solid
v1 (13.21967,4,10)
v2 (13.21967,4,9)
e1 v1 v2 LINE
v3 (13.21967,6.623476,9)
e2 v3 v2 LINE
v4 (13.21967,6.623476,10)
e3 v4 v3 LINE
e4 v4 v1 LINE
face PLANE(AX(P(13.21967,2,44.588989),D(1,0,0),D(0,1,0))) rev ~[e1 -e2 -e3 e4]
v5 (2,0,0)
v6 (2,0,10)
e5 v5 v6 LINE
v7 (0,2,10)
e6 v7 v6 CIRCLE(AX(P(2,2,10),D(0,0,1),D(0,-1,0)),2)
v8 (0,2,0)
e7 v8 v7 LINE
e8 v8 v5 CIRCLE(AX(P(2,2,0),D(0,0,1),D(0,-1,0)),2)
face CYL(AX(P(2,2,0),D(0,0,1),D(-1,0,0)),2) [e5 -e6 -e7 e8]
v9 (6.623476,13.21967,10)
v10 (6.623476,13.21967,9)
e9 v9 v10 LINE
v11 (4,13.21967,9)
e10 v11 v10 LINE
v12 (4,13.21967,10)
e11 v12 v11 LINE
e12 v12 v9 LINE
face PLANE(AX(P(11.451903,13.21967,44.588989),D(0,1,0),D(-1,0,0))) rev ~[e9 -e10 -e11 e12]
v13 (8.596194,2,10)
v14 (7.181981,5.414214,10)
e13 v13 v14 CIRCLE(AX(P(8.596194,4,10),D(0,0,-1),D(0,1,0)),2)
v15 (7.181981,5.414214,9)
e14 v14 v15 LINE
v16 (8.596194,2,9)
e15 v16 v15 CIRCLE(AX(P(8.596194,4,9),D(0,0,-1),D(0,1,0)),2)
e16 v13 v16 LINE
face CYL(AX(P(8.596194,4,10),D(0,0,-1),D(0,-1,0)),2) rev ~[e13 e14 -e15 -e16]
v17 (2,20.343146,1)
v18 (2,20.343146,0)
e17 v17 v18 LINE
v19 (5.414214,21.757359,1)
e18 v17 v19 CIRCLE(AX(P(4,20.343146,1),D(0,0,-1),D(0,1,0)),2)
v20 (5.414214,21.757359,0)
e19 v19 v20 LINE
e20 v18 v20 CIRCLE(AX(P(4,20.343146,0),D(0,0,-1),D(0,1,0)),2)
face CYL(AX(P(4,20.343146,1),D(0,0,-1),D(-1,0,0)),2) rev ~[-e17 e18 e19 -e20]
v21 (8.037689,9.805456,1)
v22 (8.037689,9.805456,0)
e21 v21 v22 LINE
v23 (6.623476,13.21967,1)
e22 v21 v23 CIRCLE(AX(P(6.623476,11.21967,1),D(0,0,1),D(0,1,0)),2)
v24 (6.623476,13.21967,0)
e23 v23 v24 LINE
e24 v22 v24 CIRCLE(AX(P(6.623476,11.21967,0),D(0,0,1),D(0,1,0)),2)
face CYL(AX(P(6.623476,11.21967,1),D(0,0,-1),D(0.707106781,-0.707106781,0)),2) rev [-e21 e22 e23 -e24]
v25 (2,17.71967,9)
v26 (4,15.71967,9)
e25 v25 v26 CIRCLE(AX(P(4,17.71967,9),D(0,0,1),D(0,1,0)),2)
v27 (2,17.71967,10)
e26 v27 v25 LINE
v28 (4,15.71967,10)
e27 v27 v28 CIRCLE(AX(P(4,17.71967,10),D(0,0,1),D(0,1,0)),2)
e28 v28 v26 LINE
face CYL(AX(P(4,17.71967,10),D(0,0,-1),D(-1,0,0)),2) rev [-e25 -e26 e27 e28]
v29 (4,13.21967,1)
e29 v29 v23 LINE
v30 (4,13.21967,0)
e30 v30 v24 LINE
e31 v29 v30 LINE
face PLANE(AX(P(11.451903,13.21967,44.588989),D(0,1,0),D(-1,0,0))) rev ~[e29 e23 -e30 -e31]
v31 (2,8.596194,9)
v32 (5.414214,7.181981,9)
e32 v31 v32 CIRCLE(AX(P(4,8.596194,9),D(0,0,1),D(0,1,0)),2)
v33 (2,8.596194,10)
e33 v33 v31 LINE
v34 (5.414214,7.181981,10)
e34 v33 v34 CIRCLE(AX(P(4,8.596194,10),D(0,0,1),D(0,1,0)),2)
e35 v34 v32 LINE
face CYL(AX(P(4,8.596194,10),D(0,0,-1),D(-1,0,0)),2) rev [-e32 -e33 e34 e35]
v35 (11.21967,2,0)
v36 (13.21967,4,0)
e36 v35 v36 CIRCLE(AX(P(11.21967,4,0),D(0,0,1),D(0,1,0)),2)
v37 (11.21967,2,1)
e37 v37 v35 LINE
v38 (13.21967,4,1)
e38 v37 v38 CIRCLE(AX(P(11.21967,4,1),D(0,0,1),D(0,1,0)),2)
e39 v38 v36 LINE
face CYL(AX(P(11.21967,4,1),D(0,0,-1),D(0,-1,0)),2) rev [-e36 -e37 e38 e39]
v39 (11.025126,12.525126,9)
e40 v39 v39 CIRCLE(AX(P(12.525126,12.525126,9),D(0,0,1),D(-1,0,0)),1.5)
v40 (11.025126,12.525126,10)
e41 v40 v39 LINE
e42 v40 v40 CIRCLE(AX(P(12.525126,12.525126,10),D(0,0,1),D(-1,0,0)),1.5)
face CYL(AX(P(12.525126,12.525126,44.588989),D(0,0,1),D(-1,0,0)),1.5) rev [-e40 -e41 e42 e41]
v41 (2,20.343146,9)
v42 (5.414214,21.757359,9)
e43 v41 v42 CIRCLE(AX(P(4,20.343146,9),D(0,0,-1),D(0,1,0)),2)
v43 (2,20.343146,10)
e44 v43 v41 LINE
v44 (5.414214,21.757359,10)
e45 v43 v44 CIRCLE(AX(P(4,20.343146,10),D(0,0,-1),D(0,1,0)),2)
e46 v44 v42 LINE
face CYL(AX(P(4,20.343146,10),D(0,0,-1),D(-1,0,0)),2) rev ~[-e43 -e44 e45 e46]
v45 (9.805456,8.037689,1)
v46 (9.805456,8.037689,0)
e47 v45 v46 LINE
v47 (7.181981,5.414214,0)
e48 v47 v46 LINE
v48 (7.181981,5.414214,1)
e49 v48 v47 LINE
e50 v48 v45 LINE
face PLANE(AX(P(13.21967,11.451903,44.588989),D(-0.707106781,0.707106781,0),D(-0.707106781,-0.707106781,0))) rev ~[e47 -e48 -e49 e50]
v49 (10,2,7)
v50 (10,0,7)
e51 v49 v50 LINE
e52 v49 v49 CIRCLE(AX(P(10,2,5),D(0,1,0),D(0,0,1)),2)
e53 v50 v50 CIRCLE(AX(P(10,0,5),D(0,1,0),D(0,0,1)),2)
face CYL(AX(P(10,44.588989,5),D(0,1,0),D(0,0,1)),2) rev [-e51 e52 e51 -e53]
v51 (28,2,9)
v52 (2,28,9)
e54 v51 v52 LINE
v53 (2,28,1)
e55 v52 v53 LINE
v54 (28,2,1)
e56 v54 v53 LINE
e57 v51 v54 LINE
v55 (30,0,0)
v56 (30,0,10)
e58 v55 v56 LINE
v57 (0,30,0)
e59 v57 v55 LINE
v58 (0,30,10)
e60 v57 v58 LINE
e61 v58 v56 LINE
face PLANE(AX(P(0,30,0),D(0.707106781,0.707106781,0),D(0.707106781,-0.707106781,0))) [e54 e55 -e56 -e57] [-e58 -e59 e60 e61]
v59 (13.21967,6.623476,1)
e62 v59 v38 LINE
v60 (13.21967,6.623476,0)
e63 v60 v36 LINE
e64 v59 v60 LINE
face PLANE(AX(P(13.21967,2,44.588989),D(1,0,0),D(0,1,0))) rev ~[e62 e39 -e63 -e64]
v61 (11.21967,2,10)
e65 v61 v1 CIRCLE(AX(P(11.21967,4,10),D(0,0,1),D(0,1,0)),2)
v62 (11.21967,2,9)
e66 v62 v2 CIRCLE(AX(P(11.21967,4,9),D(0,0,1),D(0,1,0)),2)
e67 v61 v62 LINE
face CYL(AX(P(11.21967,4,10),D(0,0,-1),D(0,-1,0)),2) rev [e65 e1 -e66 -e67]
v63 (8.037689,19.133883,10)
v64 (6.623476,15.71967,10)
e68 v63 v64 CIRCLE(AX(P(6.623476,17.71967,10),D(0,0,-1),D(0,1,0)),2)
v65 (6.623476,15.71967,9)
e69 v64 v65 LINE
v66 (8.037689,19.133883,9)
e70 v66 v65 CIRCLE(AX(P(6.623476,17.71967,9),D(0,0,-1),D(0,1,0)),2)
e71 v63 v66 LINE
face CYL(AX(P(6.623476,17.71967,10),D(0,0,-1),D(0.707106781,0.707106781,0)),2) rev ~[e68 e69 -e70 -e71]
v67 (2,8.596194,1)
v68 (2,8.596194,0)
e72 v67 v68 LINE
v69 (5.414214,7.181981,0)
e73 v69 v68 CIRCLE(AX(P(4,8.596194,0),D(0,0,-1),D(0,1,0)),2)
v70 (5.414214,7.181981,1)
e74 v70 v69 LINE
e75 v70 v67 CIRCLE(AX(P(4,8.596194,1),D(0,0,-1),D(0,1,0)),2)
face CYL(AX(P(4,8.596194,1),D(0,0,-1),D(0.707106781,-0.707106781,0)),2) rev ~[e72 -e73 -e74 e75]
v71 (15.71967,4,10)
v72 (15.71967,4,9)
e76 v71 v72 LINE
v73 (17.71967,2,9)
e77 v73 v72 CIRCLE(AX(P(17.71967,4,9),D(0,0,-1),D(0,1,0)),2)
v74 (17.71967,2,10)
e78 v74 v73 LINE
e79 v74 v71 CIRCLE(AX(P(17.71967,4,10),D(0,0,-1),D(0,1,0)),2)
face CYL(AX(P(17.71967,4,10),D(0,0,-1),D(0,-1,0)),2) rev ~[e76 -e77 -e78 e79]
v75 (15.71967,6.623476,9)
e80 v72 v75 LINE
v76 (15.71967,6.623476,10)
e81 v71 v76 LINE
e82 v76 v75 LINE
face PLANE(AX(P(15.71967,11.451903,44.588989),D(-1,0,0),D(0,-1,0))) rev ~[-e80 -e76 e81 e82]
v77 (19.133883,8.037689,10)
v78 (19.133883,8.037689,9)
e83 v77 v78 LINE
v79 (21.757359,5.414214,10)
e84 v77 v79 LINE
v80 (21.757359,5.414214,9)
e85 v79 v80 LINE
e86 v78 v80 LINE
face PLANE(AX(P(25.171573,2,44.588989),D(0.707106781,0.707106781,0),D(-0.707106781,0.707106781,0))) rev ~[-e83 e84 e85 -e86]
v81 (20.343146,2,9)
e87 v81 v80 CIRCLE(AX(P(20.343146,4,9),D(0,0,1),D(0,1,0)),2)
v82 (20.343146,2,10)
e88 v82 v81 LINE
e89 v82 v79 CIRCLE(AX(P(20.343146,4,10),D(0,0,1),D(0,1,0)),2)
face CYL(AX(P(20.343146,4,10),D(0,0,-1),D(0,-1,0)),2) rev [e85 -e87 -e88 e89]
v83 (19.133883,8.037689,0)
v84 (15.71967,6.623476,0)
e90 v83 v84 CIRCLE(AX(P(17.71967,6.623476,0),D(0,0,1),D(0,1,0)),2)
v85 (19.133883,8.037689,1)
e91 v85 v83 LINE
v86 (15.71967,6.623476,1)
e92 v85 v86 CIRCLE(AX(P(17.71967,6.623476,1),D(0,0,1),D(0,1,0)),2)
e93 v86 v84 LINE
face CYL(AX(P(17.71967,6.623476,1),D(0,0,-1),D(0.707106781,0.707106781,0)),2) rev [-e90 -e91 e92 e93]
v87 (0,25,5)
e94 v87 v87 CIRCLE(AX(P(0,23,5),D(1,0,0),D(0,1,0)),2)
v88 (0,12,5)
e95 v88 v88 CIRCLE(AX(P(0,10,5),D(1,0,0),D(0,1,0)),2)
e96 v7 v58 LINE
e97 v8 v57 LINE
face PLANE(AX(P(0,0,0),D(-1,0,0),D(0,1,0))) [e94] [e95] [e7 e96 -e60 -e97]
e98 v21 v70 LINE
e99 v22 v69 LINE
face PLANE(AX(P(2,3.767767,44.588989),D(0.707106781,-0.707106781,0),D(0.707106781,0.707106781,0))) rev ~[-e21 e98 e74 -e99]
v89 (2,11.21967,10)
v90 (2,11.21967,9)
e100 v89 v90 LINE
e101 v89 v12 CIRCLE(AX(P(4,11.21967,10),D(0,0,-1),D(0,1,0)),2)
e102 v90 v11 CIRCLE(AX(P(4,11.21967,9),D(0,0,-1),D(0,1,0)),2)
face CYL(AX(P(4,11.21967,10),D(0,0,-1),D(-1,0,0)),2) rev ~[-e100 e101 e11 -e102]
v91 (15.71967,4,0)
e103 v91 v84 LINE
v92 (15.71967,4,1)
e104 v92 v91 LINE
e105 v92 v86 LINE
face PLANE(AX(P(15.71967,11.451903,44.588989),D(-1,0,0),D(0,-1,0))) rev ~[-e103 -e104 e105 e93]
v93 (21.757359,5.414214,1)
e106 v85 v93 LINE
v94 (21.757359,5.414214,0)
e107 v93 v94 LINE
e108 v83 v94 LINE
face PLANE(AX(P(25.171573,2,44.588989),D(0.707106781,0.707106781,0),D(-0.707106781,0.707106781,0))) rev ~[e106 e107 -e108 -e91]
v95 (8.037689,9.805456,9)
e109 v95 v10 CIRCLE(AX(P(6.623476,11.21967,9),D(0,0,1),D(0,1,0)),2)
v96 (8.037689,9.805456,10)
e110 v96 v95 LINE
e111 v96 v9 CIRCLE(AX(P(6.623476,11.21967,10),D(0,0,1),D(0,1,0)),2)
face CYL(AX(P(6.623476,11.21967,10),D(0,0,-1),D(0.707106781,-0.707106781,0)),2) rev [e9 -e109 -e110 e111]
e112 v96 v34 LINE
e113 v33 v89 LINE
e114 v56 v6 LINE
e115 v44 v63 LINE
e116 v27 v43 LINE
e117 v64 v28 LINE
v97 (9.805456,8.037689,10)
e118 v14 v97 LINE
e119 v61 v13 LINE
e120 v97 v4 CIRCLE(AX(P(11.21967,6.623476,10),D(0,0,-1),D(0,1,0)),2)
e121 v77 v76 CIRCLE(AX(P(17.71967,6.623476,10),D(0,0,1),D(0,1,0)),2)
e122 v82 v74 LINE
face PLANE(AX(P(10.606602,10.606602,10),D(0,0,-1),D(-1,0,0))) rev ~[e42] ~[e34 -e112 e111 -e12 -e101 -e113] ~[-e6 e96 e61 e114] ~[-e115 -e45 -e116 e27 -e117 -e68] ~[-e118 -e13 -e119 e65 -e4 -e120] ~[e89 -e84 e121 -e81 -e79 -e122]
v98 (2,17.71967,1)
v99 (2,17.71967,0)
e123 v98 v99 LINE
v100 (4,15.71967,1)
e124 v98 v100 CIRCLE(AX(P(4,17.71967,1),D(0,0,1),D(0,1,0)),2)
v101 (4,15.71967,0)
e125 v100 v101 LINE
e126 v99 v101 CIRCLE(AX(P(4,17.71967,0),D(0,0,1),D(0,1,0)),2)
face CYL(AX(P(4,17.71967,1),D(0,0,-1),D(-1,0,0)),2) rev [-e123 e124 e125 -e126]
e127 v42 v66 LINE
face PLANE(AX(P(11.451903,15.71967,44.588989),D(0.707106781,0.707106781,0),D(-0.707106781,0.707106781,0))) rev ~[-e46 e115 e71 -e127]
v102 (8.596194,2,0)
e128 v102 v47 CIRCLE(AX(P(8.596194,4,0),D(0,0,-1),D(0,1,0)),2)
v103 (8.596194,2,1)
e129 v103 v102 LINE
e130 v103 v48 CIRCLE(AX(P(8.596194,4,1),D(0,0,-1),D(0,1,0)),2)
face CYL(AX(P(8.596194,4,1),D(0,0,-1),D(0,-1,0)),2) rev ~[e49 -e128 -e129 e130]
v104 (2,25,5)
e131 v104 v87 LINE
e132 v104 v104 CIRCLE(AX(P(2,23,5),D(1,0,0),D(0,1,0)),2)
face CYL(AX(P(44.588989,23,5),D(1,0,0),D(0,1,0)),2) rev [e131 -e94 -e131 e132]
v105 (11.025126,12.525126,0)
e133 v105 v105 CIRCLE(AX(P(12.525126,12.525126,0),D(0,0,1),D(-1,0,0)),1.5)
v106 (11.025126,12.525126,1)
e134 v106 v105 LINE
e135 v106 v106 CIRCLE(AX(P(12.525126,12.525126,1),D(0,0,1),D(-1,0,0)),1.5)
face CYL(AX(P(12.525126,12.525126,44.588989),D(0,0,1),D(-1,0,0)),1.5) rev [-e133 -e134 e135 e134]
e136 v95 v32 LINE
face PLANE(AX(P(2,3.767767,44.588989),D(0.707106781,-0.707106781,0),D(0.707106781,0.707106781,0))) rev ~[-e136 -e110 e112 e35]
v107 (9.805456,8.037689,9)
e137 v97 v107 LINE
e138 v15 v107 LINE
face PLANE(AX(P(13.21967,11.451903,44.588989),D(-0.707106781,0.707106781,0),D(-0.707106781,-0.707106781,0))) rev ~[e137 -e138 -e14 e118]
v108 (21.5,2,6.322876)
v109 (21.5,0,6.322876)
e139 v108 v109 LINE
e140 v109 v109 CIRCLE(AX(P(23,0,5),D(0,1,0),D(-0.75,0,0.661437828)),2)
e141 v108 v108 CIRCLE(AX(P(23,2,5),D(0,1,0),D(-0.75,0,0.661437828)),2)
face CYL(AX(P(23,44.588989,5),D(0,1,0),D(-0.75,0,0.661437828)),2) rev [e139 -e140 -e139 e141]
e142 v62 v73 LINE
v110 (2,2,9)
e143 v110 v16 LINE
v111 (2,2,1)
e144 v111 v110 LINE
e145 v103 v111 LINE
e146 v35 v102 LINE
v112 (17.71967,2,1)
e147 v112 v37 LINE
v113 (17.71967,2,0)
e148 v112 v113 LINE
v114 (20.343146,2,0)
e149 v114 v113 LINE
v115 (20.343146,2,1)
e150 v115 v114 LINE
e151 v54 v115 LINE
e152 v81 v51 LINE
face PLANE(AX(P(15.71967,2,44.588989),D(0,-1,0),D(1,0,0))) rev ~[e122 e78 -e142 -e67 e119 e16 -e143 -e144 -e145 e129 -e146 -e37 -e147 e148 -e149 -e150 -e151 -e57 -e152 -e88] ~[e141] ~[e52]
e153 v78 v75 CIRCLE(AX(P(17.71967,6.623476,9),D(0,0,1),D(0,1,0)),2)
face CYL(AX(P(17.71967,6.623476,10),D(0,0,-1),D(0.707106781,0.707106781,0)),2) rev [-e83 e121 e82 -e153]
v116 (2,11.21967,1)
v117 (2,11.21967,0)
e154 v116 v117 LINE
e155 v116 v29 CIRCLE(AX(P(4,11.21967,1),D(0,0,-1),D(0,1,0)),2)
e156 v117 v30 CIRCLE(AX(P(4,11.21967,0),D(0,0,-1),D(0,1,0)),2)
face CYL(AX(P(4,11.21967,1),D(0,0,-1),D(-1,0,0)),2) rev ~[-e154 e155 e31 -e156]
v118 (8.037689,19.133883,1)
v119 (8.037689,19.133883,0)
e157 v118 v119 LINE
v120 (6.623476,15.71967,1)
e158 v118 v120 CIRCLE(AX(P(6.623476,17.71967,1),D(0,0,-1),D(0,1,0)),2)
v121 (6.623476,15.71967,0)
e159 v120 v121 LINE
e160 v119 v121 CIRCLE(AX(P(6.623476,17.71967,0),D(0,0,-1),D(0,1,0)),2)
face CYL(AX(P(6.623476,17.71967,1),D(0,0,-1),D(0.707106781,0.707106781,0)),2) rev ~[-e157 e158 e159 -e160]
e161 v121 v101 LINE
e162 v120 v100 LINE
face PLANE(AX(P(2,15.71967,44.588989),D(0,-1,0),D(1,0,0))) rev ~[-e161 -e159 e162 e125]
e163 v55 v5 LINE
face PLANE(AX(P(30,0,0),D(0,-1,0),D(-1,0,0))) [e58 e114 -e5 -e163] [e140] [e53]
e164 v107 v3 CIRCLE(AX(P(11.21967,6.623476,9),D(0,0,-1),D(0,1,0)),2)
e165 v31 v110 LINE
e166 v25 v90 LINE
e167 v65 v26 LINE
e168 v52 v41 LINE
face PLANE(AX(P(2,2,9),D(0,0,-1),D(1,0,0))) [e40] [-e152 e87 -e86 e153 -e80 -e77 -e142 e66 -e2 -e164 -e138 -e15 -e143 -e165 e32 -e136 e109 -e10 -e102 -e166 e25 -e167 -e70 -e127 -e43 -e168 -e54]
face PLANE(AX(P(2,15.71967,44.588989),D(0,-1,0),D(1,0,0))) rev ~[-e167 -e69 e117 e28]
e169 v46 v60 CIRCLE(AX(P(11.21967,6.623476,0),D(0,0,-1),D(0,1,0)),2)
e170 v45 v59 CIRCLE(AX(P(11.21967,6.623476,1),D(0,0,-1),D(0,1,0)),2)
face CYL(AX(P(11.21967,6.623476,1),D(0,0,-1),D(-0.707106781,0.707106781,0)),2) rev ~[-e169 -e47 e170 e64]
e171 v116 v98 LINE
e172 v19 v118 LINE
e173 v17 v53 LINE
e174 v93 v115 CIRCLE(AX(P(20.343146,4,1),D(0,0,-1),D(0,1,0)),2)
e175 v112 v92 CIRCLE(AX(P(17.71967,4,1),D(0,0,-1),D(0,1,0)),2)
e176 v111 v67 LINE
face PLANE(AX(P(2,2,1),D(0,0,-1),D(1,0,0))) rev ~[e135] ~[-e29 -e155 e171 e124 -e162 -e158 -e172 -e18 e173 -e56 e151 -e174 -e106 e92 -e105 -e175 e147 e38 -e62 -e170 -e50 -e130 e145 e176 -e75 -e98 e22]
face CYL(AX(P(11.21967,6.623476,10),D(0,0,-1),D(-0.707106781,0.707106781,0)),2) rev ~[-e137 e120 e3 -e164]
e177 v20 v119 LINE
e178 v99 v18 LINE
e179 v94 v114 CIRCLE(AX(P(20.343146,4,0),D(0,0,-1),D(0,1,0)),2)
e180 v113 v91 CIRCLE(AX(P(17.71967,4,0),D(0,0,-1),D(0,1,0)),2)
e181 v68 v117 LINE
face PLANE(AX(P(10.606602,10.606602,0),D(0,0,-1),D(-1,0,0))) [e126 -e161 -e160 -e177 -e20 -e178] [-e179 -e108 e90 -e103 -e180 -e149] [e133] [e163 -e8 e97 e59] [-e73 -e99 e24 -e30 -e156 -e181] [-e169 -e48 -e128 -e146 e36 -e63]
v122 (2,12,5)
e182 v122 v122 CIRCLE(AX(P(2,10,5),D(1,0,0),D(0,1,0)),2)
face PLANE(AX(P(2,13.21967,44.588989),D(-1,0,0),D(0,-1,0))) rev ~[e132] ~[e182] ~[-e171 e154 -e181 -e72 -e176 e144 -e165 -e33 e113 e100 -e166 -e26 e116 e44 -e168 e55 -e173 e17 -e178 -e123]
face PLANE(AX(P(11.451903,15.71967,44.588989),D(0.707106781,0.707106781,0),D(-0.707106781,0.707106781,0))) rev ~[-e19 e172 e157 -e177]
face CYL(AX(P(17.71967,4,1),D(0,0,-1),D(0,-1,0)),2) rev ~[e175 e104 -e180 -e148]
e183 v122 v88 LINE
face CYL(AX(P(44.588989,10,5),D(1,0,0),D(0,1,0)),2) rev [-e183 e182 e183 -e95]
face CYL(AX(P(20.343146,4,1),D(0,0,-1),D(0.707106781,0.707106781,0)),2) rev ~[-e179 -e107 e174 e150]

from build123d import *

# Parameters (mm, degrees)
BOSS_EXTRUDE1_DEPTH     = 10
CUT_EXTRUDE1_DEPTH      = 44.588989435
CUT_EXTRUDE1_DEPTH_BACK = 44.588989435
SKETCH2_R               = 2
CUT_EXTRUDE2_DEPTH      = 44.588989435
CUT_EXTRUDE2_DEPTH_BACK = 44.588989435
SKETCH3_R               = 2
CUT_EXTRUDE3_START      = -2
SKETCH4_W               = 27
SKETCH4_H               = 8
CUT_EXTRUDE3_DEPTH      = 42.588989435
CUT_EXTRUDE5_DEPTH      = 44.588989435
CUT_EXTRUDE5_DEPTH_BACK = 44.588989435
FILLET1_R               = 2
CUT_EXTRUDE6_DEPTH      = 44.588989435
CUT_EXTRUDE6_DEPTH_BACK = 44.588989435
SKETCH7_R               = 1.5


with BuildPart() as part:
    # Sketch1 → Boss-Extrude1 (new body)
    with BuildSketch(Plane.XY):
        Polygon((0, 0), (0, 30), (30, 0), align=None)
    extrude(amount=BOSS_EXTRUDE1_DEPTH)

    # Sketch2 → Cut-Extrude1 (cut, two sides: drawn at the far end of the back side and taken through both)
    with BuildSketch(Plane.ZY.offset(-CUT_EXTRUDE1_DEPTH_BACK)):
        with Locations(Location((5, 23, 0), (0, 0, 90))):
            Circle(SKETCH2_R)
        with Locations(Location((5, 10, 0), (0, 0, 90))):
            Circle(SKETCH2_R)
    extrude(amount=CUT_EXTRUDE1_DEPTH + CUT_EXTRUDE1_DEPTH_BACK, mode=Mode.SUBTRACT)

    # Sketch3 → Cut-Extrude2 (cut, two sides: drawn at the far end of the back side and taken through both)
    with BuildSketch(Plane.XZ.offset(-CUT_EXTRUDE2_DEPTH_BACK)):
        with Locations(Location((23, 5, 0), (0, 0, 138.590377891))):
            Circle(SKETCH3_R)
        with Locations(Location((10, 5, 0), (0, 0, 90))):
            Circle(SKETCH3_R)
    extrude(amount=CUT_EXTRUDE2_DEPTH + CUT_EXTRUDE2_DEPTH_BACK, mode=Mode.SUBTRACT)

    # Sketch4 → Cut-Extrude3 (cut, through all)
    with BuildSketch(Plane.XZ.offset(CUT_EXTRUDE3_START)):
        with Locations((15.5, 5)):
            Rectangle(SKETCH4_W, SKETCH4_H)
    extrude(amount=-CUT_EXTRUDE3_DEPTH, mode=Mode.SUBTRACT)

    # Sketch6 → Cut-Extrude5 (cut, two sides: drawn at the far end of the back side and taken through both)
    with BuildSketch(Plane(origin=(0, 0, 0), x_dir=(-1, 0, 0), z_dir=(0, 0, -1)).offset(-CUT_EXTRUDE5_DEPTH_BACK)):
        Polygon((-25.171572875, 2), (-15.719669914, 11.451902961), (-15.719669914, 2), align=None)
        Polygon((-2, 25.171572875), (-2, 15.719669914), (-11.451902961, 15.719669914), align=None)
        Polygon((-3.767766953, 2), (-13.219669914, 2), (-13.219669914, 11.451902961), align=None)
        Polygon((-2, 3.767766953), (-11.451902961, 13.219669914), (-2, 13.219669914), align=None)
    extrude(amount=CUT_EXTRUDE5_DEPTH + CUT_EXTRUDE5_DEPTH_BACK, mode=Mode.SUBTRACT)

    # Fillet1
    fillet1_edges = [part.edges().sort_by_distance(p)[0] for p in [
        (2, 13.219669914, 0.5),
        (2, 13.219669914, 9.5),
        (2, 3.767766953, 0.5),
        (2, 3.767766953, 9.5),
        (11.451902961, 13.219669914, 0.5),
        (11.451902961, 13.219669914, 9.5),
        (3.767766953, 2, 0.5),
        (3.767766953, 2, 9.5),
        (13.219669914, 11.451902961, 0.5),
        (13.219669914, 11.451902961, 9.5),
        (13.219669914, 2, 0.5),
        (13.219669914, 2, 9.5),
        (2, 25.171572875, 0.5),
        (2, 25.171572875, 9.5),
        (11.451902961, 15.719669914, 0.5),
        (11.451902961, 15.719669914, 9.5),
        (2, 15.719669914, 0.5),
        (2, 15.719669914, 9.5),
        (0, 0, 5),
        (15.719669914, 2, 0.5),
        (15.719669914, 2, 9.5),
        (25.171572875, 2, 0.5),
        (25.171572875, 2, 9.5),
        (15.719669914, 11.451902961, 0.5),
        (15.719669914, 11.451902961, 9.5),
    ]]
    fillet(fillet1_edges, radius=FILLET1_R)

    # Sketch7 → Cut-Extrude6 (cut, two sides: drawn at the far end of the back side and taken through both)
    with BuildSketch(Plane(origin=(0, 0, 0), x_dir=(-1, 0, 0), z_dir=(0, 0, -1)).offset(-CUT_EXTRUDE6_DEPTH_BACK)):
        with Locations((-12.525126266, 12.525126266)):
            Circle(SKETCH7_R)
    extrude(amount=CUT_EXTRUDE6_DEPTH + CUT_EXTRUDE6_DEPTH_BACK, mode=Mode.SUBTRACT)


solid = part.part
